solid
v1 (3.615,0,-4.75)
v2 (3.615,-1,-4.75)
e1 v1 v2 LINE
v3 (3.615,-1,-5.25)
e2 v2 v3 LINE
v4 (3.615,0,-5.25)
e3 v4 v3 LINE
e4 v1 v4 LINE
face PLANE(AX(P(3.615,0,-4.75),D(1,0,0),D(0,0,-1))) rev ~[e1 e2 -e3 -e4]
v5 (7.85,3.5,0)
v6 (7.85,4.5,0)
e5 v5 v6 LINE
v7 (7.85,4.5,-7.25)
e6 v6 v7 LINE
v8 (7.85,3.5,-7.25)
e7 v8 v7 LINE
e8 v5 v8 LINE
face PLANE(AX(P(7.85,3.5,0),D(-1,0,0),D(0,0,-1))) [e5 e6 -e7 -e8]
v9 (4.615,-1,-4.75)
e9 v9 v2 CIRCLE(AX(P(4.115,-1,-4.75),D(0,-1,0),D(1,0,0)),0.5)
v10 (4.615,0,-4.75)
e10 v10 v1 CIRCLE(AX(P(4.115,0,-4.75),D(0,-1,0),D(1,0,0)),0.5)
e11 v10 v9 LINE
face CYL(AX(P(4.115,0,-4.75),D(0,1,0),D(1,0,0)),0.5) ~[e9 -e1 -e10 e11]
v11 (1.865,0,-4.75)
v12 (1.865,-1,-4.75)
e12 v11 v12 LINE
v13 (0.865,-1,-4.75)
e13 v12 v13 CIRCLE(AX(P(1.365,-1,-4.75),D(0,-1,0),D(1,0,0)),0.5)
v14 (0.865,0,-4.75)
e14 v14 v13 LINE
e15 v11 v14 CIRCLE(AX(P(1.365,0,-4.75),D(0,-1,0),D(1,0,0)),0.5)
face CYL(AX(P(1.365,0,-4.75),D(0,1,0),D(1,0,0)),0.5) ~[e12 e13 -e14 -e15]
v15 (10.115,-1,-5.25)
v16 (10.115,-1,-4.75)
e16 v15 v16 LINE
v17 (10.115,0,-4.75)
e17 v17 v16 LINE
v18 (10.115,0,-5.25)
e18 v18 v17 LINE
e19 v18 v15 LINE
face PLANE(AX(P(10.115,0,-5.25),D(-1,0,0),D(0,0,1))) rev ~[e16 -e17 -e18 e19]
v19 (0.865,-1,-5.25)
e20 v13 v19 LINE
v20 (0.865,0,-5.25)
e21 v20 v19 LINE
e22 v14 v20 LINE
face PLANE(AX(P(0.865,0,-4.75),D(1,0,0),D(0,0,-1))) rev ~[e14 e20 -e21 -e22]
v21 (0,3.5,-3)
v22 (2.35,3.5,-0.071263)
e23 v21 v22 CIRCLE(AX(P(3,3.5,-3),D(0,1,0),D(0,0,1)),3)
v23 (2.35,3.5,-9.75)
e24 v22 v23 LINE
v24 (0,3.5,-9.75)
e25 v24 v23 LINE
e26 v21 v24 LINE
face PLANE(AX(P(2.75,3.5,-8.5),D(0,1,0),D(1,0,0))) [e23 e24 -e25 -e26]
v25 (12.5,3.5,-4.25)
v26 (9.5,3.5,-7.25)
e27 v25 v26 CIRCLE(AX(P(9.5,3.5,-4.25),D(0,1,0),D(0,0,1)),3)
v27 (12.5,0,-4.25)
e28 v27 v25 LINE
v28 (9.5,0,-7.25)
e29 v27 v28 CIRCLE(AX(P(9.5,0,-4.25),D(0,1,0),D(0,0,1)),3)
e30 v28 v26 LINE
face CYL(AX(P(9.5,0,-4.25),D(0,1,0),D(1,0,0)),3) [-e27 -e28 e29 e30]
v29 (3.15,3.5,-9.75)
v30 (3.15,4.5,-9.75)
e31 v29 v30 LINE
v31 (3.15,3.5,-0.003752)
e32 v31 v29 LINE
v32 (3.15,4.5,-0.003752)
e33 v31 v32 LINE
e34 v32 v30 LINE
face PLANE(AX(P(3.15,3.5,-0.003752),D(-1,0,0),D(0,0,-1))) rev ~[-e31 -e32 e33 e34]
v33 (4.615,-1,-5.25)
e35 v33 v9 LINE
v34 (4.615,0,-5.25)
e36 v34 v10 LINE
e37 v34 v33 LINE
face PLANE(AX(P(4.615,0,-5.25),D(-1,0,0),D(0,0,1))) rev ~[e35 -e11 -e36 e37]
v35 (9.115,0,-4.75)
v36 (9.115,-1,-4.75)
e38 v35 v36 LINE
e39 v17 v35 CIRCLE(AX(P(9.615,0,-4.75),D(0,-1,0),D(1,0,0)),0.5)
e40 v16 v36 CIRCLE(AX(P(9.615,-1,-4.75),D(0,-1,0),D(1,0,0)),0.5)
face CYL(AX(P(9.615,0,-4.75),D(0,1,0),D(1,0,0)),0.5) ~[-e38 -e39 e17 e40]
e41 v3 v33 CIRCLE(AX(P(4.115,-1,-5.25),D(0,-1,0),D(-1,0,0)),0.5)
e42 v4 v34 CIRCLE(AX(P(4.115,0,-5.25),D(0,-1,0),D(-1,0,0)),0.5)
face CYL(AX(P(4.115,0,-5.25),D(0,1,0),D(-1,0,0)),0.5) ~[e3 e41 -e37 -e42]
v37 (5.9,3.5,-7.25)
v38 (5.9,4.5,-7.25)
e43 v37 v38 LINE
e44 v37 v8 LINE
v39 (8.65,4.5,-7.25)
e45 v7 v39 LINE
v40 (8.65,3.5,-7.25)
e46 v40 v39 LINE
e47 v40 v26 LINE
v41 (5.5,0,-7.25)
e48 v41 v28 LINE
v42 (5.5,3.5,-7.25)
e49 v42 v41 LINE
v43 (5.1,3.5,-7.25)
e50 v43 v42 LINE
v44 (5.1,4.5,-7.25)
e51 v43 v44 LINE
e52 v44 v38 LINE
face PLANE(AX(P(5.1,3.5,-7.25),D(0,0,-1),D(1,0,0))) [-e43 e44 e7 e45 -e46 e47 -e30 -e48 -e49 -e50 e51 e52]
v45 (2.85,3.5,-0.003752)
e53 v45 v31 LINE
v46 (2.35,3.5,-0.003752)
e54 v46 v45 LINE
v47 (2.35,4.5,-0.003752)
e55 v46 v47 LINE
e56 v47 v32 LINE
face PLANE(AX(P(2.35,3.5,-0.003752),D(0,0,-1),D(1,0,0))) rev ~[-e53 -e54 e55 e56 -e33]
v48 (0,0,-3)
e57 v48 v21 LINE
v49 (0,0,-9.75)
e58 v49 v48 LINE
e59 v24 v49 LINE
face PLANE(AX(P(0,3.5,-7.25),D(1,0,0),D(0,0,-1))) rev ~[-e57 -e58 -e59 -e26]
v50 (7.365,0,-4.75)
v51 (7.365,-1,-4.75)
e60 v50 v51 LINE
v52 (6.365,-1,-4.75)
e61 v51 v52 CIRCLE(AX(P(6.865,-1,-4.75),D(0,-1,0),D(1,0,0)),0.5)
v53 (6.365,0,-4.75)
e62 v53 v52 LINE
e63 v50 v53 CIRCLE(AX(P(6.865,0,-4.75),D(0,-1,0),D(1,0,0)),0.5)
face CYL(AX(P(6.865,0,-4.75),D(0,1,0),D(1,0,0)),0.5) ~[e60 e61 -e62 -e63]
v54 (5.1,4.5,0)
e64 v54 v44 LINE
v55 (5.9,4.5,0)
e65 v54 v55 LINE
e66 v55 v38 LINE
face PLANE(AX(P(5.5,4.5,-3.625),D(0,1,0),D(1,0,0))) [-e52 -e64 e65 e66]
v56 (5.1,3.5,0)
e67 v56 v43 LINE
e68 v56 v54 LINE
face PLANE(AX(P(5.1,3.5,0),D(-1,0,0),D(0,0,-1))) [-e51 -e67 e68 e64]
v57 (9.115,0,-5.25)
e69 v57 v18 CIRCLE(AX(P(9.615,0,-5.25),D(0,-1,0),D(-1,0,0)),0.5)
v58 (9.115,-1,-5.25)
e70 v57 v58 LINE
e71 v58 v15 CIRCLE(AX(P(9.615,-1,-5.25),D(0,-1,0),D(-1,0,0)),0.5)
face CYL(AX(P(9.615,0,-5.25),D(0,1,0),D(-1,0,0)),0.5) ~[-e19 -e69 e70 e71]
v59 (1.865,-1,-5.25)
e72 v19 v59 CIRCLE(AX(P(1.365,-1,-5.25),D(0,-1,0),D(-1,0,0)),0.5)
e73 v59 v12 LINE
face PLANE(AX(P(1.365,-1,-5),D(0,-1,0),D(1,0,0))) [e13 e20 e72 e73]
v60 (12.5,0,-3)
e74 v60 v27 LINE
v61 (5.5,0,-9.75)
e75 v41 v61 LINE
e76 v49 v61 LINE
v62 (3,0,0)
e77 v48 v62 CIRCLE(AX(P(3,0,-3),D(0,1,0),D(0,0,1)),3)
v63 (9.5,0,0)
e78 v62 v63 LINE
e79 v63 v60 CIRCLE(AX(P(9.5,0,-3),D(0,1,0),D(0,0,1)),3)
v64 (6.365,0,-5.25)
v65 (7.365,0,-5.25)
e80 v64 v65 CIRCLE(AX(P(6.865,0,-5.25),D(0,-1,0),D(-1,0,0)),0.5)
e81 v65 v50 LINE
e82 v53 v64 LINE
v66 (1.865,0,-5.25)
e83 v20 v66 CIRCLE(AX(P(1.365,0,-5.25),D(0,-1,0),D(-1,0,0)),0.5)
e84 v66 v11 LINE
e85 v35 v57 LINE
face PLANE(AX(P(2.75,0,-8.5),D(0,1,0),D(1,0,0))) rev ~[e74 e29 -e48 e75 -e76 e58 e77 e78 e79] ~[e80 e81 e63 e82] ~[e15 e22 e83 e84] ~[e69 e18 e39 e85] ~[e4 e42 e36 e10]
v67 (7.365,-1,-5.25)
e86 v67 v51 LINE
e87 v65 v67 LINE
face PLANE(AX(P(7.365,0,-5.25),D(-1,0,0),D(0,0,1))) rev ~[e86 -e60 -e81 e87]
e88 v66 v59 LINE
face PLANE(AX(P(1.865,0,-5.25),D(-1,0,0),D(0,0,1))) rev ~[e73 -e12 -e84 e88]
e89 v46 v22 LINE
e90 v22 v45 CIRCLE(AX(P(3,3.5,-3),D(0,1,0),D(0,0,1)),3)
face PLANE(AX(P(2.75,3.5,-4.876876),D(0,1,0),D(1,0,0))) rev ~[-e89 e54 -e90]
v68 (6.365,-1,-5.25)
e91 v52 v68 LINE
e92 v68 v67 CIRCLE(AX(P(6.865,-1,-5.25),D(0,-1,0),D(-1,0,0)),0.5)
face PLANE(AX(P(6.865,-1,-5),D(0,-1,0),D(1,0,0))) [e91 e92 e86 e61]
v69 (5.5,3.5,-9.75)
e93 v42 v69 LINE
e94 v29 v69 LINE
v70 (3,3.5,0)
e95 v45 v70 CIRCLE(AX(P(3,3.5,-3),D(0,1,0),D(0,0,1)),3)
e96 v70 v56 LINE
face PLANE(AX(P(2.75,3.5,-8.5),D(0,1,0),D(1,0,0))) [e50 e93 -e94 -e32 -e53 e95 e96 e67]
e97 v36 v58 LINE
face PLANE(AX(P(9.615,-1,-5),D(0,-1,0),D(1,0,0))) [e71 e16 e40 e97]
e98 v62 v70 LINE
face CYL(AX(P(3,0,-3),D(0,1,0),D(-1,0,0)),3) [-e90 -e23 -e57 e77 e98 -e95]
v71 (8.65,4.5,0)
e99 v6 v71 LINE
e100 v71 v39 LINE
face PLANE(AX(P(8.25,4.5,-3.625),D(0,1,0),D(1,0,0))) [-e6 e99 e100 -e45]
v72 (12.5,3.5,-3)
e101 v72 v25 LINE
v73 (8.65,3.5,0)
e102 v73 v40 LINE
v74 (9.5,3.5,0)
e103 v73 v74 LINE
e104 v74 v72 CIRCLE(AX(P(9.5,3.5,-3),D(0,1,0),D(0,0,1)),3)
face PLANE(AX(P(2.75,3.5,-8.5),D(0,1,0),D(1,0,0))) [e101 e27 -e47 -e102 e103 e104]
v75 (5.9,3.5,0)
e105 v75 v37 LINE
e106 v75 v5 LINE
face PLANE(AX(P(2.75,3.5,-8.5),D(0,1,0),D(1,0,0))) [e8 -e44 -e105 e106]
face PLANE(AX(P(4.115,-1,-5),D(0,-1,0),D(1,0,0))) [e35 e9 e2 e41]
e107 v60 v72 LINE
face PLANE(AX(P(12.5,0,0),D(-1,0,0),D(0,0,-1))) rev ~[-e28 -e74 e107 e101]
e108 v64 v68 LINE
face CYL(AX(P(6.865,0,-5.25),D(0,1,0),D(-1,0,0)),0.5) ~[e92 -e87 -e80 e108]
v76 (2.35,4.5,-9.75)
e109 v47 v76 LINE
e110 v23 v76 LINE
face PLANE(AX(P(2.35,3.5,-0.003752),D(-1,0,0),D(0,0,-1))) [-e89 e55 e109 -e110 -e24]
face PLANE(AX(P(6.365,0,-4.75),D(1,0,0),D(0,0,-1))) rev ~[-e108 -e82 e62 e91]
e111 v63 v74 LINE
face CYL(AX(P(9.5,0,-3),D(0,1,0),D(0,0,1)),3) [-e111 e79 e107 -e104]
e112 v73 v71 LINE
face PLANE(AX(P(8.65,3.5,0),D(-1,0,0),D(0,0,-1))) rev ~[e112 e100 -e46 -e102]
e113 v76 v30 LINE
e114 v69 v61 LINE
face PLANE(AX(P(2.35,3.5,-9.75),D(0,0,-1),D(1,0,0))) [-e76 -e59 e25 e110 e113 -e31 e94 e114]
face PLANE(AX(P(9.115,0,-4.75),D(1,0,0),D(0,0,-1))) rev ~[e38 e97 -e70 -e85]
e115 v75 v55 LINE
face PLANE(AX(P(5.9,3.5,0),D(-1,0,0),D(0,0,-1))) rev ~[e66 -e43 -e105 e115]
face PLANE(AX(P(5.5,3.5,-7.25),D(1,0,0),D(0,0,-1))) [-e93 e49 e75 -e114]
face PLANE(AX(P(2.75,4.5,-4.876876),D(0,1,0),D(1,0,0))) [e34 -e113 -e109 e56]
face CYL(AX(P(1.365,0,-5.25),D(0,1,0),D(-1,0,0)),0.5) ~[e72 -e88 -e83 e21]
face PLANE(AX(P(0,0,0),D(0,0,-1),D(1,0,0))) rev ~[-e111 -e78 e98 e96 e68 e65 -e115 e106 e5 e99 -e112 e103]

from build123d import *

# Parameters (mm, degrees)
SKETCH_1_W      = 12.5
SKETCH_1_H      = 7.25
EXTRUDE_1_DEPTH = 3.5
FILLET_1_R      = 3
SKETCH_2_W      = 5.5
SKETCH_2_H      = 2.5
EXTRUDE_2_DEPTH = 3.5
SKETCH_3_W      = 0.8
SKETCH_3_H      = 9.746247653
SKETCH_3_H_2    = 7.25
EXTRUDE_3_DEPTH = 1
EXTRUDE_4_DEPTH = 1


with BuildPart() as part:
    # 草图1 → 凸台-拉伸1 (new body)
    with BuildSketch(Plane(origin=(0, 0, 0), x_dir=(1, 0, 0), z_dir=(0, 1, 0))):
        with Locations((6.25, 3.625)):
            Rectangle(SKETCH_1_W, SKETCH_1_H)
    extrude(amount=EXTRUDE_1_DEPTH)

    # 圆角1
    fillet_1_edges = [part.edges().sort_by_distance(p)[0] for p in [
        (12.5, 1.75, -7.25),
        (12.5, 1.75, 0),
        (0, 1.75, 0),
    ]]
    fillet(fillet_1_edges, radius=FILLET_1_R)

    # 草图2 → 凸台-拉伸2 (add)
    with BuildSketch(Plane(origin=(0, 3.5, 0), x_dir=(1, 0, 0), z_dir=(0, 1, 0))):
        with Locations((2.75, 8.5)):
            Rectangle(SKETCH_2_W, SKETCH_2_H)
    extrude(amount=-EXTRUDE_2_DEPTH)

    # 草图3 → 凸台-拉伸3 (add)
    with BuildSketch(Plane(origin=(0, 3.5, 0), x_dir=(1, 0, 0), z_dir=(0, 1, 0))):
        with Locations((2.75, 4.876876174)):
            Rectangle(SKETCH_3_W, SKETCH_3_H)
        with Locations((5.5, 3.625)):
            Rectangle(SKETCH_3_W, SKETCH_3_H_2)
        with Locations((8.25, 3.625)):
            Rectangle(SKETCH_3_W, SKETCH_3_H_2)
    extrude(amount=EXTRUDE_3_DEPTH)

    # 草图6 → 凸台-拉伸4 (add)
    with BuildSketch(Plane.XZ):
        with BuildLine():
            Line((6.365, -4.75), (6.365, -5.25))
            ThreePointArc((6.365, -5.25), (6.865, -5.75), (7.365, -5.25))
            Line((7.365, -5.25), (7.365, -4.75))
            ThreePointArc((7.365, -4.75), (6.865, -4.25), (6.365, -4.75))
        make_face()
        with BuildLine():
            Line((9.115, -4.75), (9.115, -5.25))
            ThreePointArc((9.115, -5.25), (9.615, -5.75), (10.115, -5.25))
            Line((10.115, -5.25), (10.115, -4.75))
            ThreePointArc((10.115, -4.75), (9.615, -4.25), (9.115, -4.75))
        make_face()
        with BuildLine():
            Line((4.615, -5.25), (4.615, -4.75))
            ThreePointArc((4.615, -4.75), (4.115, -4.25), (3.615, -4.75))
            Line((3.615, -4.75), (3.615, -5.25))
            ThreePointArc((3.615, -5.25), (4.115, -5.75), (4.615, -5.25))
        make_face()
        with BuildLine():
            Line((0.865, -4.75), (0.865, -5.25))
            ThreePointArc((0.865, -5.25), (1.365, -5.75), (1.865, -5.25))
            Line((1.865, -5.25), (1.865, -4.75))
            ThreePointArc((1.865, -4.75), (1.365, -4.25), (0.865, -4.75))
        make_face()
    extrude(amount=EXTRUDE_4_DEPTH)


solid = part.part
